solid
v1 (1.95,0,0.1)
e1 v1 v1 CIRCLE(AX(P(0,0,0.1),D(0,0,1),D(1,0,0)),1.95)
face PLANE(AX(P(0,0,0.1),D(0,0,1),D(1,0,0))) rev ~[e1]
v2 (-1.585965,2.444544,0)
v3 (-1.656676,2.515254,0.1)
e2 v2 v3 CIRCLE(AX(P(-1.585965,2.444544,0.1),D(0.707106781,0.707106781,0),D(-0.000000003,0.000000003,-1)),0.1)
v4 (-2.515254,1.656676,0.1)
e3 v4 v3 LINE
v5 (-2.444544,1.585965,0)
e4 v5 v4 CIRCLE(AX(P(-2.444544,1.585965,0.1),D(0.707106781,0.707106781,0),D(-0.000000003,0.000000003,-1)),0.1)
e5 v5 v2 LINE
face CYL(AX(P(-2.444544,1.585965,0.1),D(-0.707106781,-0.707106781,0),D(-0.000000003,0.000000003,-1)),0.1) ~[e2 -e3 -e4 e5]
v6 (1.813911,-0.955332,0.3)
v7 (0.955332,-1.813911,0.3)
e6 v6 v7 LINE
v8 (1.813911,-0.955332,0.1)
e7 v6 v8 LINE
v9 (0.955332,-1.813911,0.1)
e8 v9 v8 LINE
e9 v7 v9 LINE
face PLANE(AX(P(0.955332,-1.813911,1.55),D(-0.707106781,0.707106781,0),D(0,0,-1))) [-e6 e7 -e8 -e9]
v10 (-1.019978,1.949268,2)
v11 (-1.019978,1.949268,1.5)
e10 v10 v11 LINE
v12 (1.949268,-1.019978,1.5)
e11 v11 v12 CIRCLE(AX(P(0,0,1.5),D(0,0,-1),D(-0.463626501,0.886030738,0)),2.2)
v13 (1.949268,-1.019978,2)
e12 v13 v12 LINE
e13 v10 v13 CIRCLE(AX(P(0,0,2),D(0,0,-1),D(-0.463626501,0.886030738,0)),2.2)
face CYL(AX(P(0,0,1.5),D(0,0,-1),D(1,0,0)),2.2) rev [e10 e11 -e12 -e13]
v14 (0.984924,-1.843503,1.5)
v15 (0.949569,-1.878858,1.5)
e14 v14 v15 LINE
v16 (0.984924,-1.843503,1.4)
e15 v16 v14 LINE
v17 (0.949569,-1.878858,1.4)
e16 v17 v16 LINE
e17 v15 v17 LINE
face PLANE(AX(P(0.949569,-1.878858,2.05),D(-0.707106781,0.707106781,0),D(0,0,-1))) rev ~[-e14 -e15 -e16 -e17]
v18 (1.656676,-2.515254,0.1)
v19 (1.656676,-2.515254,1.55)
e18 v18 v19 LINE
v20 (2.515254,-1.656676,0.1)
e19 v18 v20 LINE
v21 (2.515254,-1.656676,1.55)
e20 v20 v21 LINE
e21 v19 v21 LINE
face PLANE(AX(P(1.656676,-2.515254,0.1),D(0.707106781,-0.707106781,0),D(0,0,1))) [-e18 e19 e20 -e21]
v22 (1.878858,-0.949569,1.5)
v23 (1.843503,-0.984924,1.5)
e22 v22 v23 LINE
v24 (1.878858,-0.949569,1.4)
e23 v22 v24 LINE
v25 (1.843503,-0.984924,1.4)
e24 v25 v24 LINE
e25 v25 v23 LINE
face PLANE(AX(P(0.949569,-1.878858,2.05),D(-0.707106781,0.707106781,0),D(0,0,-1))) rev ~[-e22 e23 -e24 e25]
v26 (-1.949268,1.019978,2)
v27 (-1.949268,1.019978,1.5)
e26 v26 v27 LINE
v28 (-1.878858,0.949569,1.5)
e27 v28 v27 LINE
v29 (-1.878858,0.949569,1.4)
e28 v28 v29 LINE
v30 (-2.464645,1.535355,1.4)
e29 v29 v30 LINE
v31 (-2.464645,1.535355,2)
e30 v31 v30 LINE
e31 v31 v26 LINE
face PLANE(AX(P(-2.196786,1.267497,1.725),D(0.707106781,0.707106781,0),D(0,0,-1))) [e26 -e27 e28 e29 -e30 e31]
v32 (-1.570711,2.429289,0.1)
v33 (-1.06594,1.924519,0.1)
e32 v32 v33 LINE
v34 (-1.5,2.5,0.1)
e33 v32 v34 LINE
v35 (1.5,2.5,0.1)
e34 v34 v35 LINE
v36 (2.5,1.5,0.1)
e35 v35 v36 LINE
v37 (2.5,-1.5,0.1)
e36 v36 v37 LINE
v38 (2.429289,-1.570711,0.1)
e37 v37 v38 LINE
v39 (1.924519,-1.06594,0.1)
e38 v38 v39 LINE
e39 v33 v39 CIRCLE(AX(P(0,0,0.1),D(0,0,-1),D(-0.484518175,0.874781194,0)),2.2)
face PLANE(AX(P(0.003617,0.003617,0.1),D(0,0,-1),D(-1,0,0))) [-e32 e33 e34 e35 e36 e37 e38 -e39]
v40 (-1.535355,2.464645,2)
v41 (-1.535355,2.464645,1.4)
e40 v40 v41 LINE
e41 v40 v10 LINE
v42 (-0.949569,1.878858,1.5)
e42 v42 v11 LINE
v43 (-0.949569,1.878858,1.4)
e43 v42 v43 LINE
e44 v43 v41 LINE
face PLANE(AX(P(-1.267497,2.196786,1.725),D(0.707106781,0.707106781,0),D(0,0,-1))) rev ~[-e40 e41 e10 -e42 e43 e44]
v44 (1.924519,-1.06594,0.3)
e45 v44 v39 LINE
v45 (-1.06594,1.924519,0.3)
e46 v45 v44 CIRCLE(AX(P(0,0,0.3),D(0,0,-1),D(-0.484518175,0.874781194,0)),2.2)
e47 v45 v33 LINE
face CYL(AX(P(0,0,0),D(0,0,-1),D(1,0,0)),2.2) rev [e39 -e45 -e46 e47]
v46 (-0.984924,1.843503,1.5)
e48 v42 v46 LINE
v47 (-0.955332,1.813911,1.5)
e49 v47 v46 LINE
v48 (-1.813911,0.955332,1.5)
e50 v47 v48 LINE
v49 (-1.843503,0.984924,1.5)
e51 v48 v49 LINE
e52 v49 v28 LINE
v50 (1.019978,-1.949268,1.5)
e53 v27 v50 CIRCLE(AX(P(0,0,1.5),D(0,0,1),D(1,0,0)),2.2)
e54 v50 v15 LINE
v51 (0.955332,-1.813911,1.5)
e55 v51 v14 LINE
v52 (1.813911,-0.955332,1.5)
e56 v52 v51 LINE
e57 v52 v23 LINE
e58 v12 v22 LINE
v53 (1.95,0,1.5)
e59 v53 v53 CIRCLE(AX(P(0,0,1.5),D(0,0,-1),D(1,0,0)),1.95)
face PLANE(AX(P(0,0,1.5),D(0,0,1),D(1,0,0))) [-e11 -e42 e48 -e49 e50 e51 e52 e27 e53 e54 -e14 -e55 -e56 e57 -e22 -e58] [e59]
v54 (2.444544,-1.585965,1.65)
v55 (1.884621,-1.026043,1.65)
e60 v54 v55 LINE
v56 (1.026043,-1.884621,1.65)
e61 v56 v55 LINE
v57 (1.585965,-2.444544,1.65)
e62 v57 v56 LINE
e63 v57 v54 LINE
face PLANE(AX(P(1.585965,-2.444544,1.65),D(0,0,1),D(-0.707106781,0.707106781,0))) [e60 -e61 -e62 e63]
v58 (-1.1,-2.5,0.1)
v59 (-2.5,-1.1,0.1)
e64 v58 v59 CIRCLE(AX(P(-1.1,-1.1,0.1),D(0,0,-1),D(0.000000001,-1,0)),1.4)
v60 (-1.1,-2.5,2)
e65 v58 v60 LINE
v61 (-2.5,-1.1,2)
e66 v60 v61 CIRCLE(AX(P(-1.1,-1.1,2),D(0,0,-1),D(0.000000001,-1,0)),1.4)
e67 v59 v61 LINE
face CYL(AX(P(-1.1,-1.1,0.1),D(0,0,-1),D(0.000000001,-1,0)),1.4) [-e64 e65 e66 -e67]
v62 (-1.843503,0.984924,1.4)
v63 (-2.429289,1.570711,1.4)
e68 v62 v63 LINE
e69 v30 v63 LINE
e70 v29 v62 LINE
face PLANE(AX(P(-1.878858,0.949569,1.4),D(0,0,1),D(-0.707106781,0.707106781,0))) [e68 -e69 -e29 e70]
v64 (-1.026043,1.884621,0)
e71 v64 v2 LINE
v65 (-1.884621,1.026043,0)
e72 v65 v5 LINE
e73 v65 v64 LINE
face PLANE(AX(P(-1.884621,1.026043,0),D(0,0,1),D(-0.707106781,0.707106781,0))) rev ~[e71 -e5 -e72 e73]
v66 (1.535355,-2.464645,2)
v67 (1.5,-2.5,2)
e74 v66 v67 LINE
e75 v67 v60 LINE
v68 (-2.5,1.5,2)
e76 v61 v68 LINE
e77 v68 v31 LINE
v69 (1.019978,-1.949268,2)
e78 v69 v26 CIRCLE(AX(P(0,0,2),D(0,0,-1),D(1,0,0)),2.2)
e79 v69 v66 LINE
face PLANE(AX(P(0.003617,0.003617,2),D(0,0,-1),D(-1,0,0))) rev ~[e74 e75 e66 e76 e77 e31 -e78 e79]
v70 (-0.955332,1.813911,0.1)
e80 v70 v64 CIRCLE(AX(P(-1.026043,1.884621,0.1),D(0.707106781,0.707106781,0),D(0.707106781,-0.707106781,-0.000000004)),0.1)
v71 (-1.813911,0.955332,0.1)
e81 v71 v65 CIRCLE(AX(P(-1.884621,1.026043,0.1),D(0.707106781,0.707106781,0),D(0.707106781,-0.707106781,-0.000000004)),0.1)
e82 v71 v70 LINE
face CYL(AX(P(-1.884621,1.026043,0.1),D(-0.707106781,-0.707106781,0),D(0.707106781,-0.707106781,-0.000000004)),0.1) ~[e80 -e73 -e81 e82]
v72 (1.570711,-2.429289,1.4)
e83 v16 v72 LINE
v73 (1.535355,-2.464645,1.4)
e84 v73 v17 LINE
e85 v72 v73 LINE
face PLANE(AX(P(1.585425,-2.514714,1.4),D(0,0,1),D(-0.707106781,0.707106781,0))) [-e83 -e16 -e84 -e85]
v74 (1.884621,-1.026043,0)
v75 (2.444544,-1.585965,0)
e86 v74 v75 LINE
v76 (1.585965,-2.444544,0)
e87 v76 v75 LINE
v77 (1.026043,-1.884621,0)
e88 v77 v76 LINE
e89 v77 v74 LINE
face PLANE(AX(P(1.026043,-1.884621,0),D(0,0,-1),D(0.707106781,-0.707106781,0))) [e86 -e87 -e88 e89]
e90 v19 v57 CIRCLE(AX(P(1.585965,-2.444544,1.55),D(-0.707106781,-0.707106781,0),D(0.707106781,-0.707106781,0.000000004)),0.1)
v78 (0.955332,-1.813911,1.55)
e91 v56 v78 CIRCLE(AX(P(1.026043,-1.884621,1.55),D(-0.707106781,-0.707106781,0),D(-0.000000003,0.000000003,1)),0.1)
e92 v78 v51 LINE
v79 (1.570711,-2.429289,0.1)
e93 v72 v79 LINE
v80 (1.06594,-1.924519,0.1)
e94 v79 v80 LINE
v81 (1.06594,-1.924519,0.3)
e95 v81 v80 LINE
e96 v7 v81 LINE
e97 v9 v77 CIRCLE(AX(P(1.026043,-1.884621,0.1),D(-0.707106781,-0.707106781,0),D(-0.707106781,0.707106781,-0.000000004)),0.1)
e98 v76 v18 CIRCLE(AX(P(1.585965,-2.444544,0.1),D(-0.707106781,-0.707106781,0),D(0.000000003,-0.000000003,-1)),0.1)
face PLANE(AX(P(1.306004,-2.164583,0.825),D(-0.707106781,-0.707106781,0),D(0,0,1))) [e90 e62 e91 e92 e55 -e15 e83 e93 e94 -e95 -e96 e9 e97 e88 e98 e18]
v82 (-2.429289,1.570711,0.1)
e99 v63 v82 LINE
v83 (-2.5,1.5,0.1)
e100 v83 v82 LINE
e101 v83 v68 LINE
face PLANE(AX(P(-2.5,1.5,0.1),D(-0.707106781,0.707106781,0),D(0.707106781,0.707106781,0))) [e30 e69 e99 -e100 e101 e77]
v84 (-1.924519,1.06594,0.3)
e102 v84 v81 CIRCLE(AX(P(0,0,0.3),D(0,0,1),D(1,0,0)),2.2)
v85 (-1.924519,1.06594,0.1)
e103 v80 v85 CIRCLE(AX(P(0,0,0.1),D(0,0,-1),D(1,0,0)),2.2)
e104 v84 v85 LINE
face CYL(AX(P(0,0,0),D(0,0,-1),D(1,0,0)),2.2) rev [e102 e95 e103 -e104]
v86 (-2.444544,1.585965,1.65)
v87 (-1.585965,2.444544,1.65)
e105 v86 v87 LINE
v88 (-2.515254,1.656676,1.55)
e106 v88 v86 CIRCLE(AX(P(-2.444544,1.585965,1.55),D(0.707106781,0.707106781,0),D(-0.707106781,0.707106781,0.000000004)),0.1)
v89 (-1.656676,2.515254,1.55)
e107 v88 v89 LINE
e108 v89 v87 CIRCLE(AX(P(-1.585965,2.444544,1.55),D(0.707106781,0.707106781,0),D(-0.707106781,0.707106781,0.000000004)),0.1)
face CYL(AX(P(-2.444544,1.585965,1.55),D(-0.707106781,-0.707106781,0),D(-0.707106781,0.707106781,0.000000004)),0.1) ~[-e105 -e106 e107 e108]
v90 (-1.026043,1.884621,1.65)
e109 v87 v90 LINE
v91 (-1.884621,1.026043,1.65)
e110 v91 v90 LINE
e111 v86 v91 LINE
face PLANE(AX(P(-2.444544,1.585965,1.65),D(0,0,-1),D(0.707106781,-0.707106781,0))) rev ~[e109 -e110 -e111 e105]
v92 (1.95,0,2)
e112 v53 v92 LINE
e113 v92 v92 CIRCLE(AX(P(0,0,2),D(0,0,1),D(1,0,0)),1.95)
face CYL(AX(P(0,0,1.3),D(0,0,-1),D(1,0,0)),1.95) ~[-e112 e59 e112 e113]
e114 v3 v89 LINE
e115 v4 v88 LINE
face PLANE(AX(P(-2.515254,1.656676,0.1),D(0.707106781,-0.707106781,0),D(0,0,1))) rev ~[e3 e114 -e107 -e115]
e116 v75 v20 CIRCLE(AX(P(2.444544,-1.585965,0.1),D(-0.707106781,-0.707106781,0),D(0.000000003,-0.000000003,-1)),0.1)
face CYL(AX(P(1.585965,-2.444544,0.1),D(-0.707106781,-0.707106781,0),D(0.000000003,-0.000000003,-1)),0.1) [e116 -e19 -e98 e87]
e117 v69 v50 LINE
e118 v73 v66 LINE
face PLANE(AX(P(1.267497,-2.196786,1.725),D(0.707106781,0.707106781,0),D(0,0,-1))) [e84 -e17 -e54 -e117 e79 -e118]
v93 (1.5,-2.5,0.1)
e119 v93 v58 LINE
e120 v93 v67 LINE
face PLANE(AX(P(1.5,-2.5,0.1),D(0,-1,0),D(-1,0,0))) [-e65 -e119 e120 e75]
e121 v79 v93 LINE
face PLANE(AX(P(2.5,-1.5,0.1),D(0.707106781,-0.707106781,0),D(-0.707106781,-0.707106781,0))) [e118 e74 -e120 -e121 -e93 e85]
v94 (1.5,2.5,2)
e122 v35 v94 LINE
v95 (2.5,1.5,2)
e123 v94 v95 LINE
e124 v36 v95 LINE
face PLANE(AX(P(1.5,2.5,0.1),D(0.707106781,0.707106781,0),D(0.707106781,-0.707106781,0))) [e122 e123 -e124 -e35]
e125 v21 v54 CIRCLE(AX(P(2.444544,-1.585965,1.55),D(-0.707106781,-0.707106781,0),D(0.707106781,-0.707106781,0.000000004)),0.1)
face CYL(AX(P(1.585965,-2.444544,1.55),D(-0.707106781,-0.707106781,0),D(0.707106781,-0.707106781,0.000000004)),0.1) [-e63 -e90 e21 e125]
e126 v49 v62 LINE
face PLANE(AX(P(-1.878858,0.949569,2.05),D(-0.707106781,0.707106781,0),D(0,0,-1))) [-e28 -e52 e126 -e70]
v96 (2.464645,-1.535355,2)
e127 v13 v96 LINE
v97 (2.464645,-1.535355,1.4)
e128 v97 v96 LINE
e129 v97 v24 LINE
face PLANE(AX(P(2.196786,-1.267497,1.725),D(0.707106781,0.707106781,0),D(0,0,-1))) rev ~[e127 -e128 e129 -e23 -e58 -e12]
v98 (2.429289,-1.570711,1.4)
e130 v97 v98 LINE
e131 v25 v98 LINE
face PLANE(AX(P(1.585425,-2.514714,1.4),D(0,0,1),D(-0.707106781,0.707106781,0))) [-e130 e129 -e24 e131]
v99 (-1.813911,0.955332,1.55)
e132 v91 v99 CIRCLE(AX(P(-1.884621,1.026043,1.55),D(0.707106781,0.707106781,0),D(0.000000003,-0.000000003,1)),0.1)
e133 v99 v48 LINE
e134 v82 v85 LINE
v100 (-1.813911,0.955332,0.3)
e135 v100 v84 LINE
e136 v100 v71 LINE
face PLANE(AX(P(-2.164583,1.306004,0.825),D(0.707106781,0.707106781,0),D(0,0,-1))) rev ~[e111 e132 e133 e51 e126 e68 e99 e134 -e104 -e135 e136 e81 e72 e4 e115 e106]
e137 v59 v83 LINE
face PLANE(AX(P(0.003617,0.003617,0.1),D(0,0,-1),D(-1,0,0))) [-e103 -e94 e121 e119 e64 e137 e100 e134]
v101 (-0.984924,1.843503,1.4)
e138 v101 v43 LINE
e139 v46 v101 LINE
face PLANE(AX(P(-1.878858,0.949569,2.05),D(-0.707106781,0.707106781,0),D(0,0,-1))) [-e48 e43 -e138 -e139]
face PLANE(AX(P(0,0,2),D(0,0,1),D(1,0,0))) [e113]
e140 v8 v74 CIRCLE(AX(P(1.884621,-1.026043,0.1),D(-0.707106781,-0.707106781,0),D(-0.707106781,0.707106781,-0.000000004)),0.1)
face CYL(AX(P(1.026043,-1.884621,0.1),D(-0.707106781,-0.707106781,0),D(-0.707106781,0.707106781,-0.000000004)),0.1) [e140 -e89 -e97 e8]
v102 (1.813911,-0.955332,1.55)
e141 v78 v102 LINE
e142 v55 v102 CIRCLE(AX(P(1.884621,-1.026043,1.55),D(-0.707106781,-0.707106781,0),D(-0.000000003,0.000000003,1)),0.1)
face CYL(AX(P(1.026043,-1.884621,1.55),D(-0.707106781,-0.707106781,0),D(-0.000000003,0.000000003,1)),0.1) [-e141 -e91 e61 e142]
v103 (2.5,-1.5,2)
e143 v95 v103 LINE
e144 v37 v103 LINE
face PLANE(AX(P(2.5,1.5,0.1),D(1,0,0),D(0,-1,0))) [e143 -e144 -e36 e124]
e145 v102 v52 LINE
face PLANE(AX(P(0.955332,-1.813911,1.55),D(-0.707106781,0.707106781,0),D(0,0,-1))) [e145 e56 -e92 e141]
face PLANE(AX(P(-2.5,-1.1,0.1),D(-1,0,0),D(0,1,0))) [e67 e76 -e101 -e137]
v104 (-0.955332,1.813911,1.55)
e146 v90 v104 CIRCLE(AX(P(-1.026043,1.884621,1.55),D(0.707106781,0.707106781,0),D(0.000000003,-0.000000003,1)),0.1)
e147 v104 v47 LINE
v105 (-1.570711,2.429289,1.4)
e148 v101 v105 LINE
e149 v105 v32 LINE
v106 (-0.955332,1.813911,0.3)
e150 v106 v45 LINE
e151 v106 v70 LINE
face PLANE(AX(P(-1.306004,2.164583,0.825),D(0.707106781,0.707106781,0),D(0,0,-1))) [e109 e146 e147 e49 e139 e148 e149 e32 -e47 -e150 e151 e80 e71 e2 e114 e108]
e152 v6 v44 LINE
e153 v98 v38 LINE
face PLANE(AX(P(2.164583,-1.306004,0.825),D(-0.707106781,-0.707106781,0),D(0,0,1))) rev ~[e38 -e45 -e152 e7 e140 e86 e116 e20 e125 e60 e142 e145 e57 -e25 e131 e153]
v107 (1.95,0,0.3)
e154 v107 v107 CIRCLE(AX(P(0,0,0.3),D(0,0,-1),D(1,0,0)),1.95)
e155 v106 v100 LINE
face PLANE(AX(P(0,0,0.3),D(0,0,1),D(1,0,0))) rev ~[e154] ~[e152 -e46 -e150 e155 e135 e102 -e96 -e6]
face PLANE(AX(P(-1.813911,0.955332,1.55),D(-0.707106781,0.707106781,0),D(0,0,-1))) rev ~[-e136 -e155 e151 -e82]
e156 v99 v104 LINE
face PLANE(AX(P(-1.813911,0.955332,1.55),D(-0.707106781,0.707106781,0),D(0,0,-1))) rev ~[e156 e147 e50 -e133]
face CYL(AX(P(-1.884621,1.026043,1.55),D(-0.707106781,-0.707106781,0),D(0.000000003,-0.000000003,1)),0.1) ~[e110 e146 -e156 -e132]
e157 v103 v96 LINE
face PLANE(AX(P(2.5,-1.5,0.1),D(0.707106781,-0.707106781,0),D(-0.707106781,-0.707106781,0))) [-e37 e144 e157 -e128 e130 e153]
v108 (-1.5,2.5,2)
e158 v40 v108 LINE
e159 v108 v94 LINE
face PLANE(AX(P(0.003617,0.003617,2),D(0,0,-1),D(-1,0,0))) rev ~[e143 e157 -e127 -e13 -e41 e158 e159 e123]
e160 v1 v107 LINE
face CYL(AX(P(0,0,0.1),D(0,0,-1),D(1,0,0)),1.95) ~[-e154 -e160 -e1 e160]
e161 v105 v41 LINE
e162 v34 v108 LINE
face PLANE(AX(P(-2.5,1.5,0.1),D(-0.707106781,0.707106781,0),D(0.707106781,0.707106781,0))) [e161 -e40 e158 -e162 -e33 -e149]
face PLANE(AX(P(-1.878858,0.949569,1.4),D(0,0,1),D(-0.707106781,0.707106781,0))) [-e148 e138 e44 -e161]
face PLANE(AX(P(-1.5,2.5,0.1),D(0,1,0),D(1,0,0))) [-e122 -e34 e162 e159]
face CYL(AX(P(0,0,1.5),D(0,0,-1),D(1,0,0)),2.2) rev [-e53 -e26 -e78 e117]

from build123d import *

# Parameters (mm, degrees)
EXTRUDE_START        = 0.1
EXTRUDE_1_DEPTH      = 1.9
SKETCH_6_R           = 2.2
CUT_EXTRUDE_5_DEPTH  = 0.3
SKETCH_8_R           = 1.95
EXTRUDE_9_DEPTH      = 0.25
CUT_EXTRUDE_START    = 1.5
SKETCH_6_3_R         = 2.2
CUT_EXTRUDE_12_DEPTH = 0.6
CUT_EXTRUDE_START_2  = 0.05
SKETCH_12_W          = 0.65
SKETCH_12_H          = 0.899236211
CUT_EXTRUDE_15_DEPTH = 1.314213562
EXTRUDE_START_2      = 1.3
SKETCH_8_3_R         = 1.95
EXTRUDE_16_DEPTH     = 0.7
EXTRUDE_17_DEPTH     = 1.214213562


with BuildPart() as part:
    # Эскиз2 → Вытянуть1 (new body)
    with BuildSketch(Plane.XY.offset(EXTRUDE_START)):
        with BuildLine():
            Line((-1.5, 2.5), (1.5, 2.5))
            Line((1.5, 2.5), (2.5, 1.5))
            Line((2.5, 1.5), (2.5, -1.5))
            Line((2.5, -1.5), (1.5, -2.5))
            Line((1.5, -2.5), (-1.1, -2.5))
            ThreePointArc((-1.1, -2.5), (-2.089949494, -2.089949494), (-2.5, -1.1))
            Line((-2.5, -1.1), (-2.5, 1.5))
            Line((-2.5, 1.5), (-1.5, 2.5))
        make_face()
    extrude(amount=EXTRUDE_1_DEPTH)

    # Эскиз6 → Вытянуть5 (cut)
    with BuildSketch(Plane.XY):
        Circle(SKETCH_6_R)
    extrude(amount=CUT_EXTRUDE_5_DEPTH, mode=Mode.SUBTRACT)

    # Эскиз8 → Вытянуть9 (add)
    with BuildSketch(Plane.XY.offset(EXTRUDE_START)):
        Circle(SKETCH_8_R)
    extrude(amount=EXTRUDE_9_DEPTH)

    # Эскиз6<3> → Вытянуть12 (cut)
    with BuildSketch(Plane.XY.offset(CUT_EXTRUDE_START)):
        Circle(SKETCH_6_3_R)
    extrude(amount=CUT_EXTRUDE_12_DEPTH, mode=Mode.SUBTRACT)

    # Эскиз12 → Вытянуть15 (cut)
    with BuildSketch(Plane(origin=(-0.5, -0.5, 0), x_dir=(0, 0, -1), z_dir=(0.7071067811865499, 0.7071067811865452, 0)).offset(CUT_EXTRUDE_START_2)):
        with Locations((-1.725, 2.449618105)):
            Rectangle(SKETCH_12_W, SKETCH_12_H)
        with Locations((-1.725, -2.449618105)):
            Rectangle(SKETCH_12_W, SKETCH_12_H)
    extrude(amount=CUT_EXTRUDE_15_DEPTH, mode=Mode.SUBTRACT)

    # Эскиз8<3> → Вытянуть16 (add)
    with BuildSketch(Plane.XY.offset(EXTRUDE_START_2)):
        Circle(SKETCH_8_3_R)
    extrude(amount=EXTRUDE_16_DEPTH)

    # Эскиз10 → Вытянуть17 (add)
    with BuildSketch(Plane(origin=(-0.5, -0.5, 0), x_dir=(0, 0, -1), z_dir=(0.7071067811865499, 0.7071067811865452, 0)).offset(EXTRUDE_START)):
        with BuildLine():
            Line((0, 2.058150417), (0, 2.85))
            ThreePointArc((0, 2.85), (-0.029289322, 2.920710678), (-0.1, 2.95))
            Line((-0.1, 2.95), (-1.55, 2.95))
            ThreePointArc((-1.55, 2.95), (-1.620710678, 2.920710678), (-1.65, 2.85))
            Line((-1.65, 2.85), (-1.65, 2.058150417))
            ThreePointArc((-1.65, 2.058150417), (-1.620710678, 1.987439739), (-1.55, 1.958150417))
            Line((-1.55, 1.958150417), (-0.1, 1.958150417))
            ThreePointArc((-0.1, 1.958150417), (-0.029289322, 1.987439739), (0, 2.058150417))
        make_face()
        with BuildLine():
            Line((-1.55, -1.958150417), (-0.1, -1.958150417))
            ThreePointArc((-0.1, -1.958150417), (-0.029289322, -1.987439739), (0, -2.058150417))
            Line((0, -2.058150417), (0, -2.85))
            ThreePointArc((0, -2.85), (-0.029289322, -2.920710678), (-0.1, -2.95))
            Line((-0.1, -2.95), (-1.55, -2.95))
            ThreePointArc((-1.55, -2.95), (-1.620710678, -2.920710678), (-1.65, -2.85))
            Line((-1.65, -2.85), (-1.65, -2.058150417))
            ThreePointArc((-1.65, -2.058150417), (-1.620710678, -1.987439739), (-1.55, -1.958150417))
        make_face()
    extrude(amount=EXTRUDE_17_DEPTH)


solid = part.part
